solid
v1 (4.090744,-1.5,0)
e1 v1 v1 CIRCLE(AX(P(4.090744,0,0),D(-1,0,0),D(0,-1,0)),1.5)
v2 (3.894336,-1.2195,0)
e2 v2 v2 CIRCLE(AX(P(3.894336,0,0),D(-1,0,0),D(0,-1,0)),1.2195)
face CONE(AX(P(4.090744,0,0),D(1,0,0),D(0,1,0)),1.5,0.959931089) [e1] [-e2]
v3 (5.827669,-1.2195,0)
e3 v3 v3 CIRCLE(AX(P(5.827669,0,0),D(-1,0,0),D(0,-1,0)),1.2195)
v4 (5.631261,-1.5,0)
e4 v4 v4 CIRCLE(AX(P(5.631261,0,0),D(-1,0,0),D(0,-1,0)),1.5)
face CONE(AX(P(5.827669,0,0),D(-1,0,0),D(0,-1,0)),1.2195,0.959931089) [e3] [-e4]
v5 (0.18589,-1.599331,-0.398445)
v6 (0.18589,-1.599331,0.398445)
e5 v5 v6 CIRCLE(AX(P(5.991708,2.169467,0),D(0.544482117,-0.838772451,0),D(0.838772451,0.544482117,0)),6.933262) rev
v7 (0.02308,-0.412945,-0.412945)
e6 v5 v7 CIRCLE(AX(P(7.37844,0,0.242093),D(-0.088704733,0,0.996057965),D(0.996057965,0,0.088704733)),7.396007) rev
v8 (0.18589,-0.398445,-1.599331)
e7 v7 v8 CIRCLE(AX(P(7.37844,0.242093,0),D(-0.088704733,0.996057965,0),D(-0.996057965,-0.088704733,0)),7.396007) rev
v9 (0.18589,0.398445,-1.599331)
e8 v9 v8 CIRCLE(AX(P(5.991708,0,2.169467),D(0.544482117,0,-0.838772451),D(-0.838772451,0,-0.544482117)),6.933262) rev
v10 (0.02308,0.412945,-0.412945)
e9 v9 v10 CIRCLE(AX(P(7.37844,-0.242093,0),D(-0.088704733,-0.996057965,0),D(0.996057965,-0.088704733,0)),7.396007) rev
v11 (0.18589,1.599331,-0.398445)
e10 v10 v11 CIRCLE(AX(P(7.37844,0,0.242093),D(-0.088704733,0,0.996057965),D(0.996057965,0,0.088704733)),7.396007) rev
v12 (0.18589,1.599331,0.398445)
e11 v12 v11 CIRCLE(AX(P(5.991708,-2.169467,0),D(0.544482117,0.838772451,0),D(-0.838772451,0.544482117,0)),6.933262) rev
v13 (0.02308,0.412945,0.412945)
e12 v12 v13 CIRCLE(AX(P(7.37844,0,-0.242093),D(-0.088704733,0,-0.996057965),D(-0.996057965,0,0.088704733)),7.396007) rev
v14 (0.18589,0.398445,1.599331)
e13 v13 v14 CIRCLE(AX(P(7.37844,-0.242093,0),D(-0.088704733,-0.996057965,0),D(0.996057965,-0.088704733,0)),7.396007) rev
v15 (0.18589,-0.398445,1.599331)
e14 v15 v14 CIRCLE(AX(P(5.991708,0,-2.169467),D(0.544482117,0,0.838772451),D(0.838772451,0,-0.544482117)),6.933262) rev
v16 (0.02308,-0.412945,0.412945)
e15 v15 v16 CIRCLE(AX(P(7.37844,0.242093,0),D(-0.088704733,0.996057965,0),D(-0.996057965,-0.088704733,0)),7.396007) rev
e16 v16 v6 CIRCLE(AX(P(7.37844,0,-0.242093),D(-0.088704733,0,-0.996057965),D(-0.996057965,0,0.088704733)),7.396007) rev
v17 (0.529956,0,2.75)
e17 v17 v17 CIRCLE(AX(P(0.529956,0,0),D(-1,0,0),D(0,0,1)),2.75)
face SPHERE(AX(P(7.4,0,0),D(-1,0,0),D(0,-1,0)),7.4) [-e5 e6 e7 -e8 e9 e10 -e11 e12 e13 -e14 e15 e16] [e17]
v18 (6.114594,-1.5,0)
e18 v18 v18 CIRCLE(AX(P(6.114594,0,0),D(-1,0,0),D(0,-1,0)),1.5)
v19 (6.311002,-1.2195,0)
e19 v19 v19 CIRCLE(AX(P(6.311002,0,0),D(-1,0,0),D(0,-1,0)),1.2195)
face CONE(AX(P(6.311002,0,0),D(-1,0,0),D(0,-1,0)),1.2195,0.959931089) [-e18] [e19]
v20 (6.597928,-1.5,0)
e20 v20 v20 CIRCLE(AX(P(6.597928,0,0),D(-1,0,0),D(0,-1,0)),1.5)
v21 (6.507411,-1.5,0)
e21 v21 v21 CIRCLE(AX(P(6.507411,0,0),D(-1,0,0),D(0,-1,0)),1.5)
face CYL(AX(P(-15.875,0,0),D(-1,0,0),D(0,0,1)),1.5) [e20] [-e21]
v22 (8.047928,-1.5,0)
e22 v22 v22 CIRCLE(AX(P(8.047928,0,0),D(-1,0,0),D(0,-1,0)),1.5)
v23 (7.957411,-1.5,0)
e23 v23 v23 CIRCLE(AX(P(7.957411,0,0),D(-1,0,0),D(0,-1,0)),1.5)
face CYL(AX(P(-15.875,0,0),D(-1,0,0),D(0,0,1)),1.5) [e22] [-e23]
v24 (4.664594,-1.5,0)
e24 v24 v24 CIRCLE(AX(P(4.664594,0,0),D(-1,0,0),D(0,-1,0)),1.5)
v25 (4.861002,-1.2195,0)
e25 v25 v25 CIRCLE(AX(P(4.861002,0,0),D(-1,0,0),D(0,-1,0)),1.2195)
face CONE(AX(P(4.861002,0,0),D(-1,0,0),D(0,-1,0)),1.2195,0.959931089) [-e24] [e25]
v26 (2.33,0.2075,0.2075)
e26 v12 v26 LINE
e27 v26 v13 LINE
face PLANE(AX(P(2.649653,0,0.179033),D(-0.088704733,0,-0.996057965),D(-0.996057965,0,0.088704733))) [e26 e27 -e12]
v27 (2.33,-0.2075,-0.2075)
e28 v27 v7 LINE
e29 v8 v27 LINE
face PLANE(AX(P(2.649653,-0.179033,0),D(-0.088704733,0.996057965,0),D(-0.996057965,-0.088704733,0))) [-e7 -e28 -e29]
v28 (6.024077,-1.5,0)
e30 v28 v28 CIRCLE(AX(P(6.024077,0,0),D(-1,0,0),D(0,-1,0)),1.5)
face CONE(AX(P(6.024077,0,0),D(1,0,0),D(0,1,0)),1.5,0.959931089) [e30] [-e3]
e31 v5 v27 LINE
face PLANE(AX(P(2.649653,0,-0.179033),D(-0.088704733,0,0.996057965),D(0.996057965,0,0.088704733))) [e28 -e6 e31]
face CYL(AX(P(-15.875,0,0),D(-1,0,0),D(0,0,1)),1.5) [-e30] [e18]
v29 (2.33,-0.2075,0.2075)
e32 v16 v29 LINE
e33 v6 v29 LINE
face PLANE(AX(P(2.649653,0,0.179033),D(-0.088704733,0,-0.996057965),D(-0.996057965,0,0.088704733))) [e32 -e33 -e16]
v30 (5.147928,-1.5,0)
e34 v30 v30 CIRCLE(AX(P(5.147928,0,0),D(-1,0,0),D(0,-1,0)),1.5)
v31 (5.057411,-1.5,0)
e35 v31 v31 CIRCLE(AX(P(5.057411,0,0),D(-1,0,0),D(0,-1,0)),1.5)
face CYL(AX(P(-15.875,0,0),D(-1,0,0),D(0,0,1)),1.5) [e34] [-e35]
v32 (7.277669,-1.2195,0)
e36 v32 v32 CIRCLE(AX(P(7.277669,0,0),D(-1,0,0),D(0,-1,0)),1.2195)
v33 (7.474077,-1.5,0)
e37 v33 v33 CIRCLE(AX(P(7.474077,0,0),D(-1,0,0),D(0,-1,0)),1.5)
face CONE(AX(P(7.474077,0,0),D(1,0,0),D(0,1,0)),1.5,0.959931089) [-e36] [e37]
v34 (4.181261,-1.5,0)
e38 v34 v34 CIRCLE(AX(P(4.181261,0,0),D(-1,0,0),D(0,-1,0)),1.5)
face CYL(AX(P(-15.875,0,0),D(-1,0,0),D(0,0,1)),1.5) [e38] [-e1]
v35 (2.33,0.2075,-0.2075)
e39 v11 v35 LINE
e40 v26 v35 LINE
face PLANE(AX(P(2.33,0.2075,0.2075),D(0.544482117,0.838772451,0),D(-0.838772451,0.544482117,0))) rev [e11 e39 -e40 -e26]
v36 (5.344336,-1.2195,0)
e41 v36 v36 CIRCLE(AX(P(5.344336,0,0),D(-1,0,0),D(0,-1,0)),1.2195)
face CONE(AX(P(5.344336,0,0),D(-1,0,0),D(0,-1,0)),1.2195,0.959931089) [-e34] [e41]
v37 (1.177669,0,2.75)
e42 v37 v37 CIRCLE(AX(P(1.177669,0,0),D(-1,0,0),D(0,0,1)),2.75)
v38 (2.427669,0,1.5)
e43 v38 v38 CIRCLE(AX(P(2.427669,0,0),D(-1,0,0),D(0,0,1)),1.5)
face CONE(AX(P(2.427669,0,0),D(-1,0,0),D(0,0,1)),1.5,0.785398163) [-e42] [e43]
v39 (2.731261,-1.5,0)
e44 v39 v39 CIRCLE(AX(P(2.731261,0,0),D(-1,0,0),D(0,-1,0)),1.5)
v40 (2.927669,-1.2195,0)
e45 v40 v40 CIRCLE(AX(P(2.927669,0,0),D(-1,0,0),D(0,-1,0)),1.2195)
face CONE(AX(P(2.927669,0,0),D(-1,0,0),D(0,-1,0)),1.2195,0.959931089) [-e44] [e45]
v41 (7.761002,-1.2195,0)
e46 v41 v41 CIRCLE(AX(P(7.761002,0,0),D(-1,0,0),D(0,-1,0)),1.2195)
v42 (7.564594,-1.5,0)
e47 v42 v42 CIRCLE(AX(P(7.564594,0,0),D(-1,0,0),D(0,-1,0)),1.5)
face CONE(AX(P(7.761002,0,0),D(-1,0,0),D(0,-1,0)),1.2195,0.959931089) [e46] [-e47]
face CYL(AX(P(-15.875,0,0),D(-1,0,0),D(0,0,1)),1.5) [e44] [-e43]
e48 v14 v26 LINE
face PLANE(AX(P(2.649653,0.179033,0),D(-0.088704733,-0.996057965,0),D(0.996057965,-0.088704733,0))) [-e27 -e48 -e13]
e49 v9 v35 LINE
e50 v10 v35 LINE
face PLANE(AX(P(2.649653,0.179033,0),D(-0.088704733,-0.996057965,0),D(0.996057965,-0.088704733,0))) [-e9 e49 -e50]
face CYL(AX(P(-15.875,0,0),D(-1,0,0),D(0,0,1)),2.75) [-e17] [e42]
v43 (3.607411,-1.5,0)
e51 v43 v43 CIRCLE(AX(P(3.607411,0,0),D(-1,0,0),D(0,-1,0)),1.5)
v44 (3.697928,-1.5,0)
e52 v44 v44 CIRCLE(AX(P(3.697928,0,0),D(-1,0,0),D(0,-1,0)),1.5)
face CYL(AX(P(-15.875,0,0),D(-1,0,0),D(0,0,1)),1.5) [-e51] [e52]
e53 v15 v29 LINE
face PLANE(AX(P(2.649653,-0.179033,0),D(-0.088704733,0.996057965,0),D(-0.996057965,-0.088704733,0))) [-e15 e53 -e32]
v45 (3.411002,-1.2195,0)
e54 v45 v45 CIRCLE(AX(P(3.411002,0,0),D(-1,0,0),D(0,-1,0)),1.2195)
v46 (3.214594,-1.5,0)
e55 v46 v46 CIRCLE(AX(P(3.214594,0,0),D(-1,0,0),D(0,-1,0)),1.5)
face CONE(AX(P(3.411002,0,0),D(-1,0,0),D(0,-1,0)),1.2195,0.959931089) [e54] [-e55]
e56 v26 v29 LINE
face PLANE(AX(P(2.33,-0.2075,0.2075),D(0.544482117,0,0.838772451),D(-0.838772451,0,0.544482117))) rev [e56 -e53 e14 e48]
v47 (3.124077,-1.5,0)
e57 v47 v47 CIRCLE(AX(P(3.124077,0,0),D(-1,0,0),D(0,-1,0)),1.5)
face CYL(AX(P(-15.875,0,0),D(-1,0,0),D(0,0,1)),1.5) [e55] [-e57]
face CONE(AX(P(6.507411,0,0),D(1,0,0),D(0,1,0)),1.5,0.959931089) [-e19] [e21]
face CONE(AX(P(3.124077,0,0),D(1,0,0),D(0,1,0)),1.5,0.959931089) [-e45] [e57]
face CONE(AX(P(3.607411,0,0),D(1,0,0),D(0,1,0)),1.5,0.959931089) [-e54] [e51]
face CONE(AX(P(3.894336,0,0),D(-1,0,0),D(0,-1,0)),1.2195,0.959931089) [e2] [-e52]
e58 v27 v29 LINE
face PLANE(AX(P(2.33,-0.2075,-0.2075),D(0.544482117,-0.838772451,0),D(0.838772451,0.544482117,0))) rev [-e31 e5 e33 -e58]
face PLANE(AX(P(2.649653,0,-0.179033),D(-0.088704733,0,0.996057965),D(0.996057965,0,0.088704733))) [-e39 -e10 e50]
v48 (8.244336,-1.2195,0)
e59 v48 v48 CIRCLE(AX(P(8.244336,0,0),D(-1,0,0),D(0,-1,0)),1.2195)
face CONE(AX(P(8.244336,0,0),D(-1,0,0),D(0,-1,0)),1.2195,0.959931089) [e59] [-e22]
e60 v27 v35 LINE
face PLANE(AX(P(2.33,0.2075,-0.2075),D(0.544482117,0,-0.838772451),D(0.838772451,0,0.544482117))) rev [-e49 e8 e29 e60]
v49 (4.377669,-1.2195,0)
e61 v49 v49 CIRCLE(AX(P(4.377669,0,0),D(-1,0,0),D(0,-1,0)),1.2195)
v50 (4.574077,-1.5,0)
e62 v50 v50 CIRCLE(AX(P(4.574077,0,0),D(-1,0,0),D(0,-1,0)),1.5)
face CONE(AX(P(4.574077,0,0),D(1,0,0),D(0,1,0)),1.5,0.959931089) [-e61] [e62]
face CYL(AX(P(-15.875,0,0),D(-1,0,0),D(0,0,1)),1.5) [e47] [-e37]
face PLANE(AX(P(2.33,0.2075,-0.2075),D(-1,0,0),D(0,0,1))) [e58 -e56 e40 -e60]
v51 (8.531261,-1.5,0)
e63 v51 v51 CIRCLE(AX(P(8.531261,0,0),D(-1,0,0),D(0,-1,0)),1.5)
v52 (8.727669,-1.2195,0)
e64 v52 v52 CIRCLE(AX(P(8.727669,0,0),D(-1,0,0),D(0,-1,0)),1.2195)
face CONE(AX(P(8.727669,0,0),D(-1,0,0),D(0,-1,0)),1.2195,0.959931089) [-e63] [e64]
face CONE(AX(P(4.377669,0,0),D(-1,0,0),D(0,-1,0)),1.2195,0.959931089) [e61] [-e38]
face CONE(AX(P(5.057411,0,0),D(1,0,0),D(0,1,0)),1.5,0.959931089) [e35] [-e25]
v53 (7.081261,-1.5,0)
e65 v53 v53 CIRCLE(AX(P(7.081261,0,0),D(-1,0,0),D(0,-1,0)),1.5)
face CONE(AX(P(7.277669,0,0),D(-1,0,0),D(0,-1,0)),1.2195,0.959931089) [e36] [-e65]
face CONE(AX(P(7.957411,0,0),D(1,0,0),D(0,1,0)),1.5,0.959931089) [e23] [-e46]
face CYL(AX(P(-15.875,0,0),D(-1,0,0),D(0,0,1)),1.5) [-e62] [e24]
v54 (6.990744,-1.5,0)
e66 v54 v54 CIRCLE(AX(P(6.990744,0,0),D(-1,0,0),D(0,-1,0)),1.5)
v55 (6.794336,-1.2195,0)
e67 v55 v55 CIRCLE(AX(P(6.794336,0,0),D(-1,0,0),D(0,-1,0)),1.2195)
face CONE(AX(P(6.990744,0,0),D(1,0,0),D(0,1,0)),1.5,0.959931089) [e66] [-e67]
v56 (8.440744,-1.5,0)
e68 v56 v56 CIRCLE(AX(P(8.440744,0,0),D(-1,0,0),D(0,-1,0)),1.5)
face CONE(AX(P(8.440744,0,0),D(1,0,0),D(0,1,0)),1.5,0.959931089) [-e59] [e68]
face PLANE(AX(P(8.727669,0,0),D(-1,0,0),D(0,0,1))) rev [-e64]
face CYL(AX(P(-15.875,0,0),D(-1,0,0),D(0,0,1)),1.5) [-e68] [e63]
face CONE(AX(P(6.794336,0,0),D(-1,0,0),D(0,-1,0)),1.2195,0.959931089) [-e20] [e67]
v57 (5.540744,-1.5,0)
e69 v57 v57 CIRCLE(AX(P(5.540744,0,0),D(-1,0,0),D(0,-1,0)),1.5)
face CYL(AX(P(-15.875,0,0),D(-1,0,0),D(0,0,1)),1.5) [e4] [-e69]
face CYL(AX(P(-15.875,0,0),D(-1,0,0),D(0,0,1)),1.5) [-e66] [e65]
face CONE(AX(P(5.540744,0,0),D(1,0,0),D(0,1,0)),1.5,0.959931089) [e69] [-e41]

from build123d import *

# Parameters (mm, degrees)
CIRPATTERN1_COUNT = 2
CIRPATTERN1_ANGLE = 90
THDSCHPAT_COUNT   = 13
THDSCHPAT_PITCH   = 0.483333333


with BuildPart() as part:
    # BodySke → Base-Revolve (revolve)
    with BuildSketch(Plane.XY, mode=Mode.PRIVATE) as base_revolve_sk:
        with BuildLine():
            Line((0, 0), (8.727669073, 0))
            Line((8.727669073, 0), (8.727669073, 1.5))
            Line((8.727669073, 1.5), (2.427669073, 1.5))
            Line((2.427669073, 1.5), (1.177669073, 2.75))
            Line((1.177669073, 2.75), (0.529956332, 2.75))
            ThreePointArc((0.529956332, 2.75), (0.133696843, 1.400299407), (0, 0))
        make_face()
    revolve(base_revolve_sk.sketch.rotate(Axis((-15.875, 0, 0), (1, 0, 0)), 90), axis=Axis((-15.875, 0, 0), (1, 0, 0)))

    # Sketch3 → Cross section 0
    with BuildSketch(Plane(origin=(0, 0, 0), x_dir=(0, 0, -1), z_dir=(1, 0, 0))):
        with BuildLine():
            Line((0.415, -1.72), (-0.415, -1.72))
            Line((-0.415, -1.72), (-0.415, 1.72))
            Line((-0.415, 1.72), (0.415, 1.72))
            Line((0.415, 1.72), (0.415, -1.72))
        make_face()
    # Sketch4 → Cross section 1
    with BuildSketch(Plane(origin=(2.33, 0, 0), x_dir=(0, 0, -1), z_dir=(1, 0, 0))):
        with BuildLine():
            Line((0.2075, -0.2075), (-0.2075, -0.2075))
            Line((-0.2075, -0.2075), (-0.2075, 0.2075))
            Line((-0.2075, 0.2075), (0.2075, 0.2075))
            Line((0.2075, 0.2075), (0.2075, -0.2075))
        make_face()
    cross = loft(mode=Mode.SUBTRACT)

    # CirPattern1: Cross ×2 about axis
    cirpattern1_axis = Axis((0, 0, 0), (1, 0, 0))
    for i in range(1, CIRPATTERN1_COUNT):
        add(cross.rotate(cirpattern1_axis, i * CIRPATTERN1_ANGLE / (CIRPATTERN1_COUNT - 1)), mode=Mode.SUBTRACT)

    # ThdSchSke → ThreadSchematic (revolve, cut)
    with BuildSketch(Plane.XY):
        Polygon((2.927669073, -1.2195), (2.731260858, -1.5), (2.731260858, -1.875), (3.124077287, -1.875), (3.124077287, -1.5), align=None)
    threadschematic = revolve(axis=Axis((-3.175, 0, 0), (1, 0, 0)), mode=Mode.SUBTRACT)

    # ThdSchPat: ThreadSchematic ×13
    with Locations(*[(i * THDSCHPAT_PITCH, 0, 0) for i in range(1, THDSCHPAT_COUNT)]):
        add(threadschematic, mode=Mode.SUBTRACT)


solid = part.part
